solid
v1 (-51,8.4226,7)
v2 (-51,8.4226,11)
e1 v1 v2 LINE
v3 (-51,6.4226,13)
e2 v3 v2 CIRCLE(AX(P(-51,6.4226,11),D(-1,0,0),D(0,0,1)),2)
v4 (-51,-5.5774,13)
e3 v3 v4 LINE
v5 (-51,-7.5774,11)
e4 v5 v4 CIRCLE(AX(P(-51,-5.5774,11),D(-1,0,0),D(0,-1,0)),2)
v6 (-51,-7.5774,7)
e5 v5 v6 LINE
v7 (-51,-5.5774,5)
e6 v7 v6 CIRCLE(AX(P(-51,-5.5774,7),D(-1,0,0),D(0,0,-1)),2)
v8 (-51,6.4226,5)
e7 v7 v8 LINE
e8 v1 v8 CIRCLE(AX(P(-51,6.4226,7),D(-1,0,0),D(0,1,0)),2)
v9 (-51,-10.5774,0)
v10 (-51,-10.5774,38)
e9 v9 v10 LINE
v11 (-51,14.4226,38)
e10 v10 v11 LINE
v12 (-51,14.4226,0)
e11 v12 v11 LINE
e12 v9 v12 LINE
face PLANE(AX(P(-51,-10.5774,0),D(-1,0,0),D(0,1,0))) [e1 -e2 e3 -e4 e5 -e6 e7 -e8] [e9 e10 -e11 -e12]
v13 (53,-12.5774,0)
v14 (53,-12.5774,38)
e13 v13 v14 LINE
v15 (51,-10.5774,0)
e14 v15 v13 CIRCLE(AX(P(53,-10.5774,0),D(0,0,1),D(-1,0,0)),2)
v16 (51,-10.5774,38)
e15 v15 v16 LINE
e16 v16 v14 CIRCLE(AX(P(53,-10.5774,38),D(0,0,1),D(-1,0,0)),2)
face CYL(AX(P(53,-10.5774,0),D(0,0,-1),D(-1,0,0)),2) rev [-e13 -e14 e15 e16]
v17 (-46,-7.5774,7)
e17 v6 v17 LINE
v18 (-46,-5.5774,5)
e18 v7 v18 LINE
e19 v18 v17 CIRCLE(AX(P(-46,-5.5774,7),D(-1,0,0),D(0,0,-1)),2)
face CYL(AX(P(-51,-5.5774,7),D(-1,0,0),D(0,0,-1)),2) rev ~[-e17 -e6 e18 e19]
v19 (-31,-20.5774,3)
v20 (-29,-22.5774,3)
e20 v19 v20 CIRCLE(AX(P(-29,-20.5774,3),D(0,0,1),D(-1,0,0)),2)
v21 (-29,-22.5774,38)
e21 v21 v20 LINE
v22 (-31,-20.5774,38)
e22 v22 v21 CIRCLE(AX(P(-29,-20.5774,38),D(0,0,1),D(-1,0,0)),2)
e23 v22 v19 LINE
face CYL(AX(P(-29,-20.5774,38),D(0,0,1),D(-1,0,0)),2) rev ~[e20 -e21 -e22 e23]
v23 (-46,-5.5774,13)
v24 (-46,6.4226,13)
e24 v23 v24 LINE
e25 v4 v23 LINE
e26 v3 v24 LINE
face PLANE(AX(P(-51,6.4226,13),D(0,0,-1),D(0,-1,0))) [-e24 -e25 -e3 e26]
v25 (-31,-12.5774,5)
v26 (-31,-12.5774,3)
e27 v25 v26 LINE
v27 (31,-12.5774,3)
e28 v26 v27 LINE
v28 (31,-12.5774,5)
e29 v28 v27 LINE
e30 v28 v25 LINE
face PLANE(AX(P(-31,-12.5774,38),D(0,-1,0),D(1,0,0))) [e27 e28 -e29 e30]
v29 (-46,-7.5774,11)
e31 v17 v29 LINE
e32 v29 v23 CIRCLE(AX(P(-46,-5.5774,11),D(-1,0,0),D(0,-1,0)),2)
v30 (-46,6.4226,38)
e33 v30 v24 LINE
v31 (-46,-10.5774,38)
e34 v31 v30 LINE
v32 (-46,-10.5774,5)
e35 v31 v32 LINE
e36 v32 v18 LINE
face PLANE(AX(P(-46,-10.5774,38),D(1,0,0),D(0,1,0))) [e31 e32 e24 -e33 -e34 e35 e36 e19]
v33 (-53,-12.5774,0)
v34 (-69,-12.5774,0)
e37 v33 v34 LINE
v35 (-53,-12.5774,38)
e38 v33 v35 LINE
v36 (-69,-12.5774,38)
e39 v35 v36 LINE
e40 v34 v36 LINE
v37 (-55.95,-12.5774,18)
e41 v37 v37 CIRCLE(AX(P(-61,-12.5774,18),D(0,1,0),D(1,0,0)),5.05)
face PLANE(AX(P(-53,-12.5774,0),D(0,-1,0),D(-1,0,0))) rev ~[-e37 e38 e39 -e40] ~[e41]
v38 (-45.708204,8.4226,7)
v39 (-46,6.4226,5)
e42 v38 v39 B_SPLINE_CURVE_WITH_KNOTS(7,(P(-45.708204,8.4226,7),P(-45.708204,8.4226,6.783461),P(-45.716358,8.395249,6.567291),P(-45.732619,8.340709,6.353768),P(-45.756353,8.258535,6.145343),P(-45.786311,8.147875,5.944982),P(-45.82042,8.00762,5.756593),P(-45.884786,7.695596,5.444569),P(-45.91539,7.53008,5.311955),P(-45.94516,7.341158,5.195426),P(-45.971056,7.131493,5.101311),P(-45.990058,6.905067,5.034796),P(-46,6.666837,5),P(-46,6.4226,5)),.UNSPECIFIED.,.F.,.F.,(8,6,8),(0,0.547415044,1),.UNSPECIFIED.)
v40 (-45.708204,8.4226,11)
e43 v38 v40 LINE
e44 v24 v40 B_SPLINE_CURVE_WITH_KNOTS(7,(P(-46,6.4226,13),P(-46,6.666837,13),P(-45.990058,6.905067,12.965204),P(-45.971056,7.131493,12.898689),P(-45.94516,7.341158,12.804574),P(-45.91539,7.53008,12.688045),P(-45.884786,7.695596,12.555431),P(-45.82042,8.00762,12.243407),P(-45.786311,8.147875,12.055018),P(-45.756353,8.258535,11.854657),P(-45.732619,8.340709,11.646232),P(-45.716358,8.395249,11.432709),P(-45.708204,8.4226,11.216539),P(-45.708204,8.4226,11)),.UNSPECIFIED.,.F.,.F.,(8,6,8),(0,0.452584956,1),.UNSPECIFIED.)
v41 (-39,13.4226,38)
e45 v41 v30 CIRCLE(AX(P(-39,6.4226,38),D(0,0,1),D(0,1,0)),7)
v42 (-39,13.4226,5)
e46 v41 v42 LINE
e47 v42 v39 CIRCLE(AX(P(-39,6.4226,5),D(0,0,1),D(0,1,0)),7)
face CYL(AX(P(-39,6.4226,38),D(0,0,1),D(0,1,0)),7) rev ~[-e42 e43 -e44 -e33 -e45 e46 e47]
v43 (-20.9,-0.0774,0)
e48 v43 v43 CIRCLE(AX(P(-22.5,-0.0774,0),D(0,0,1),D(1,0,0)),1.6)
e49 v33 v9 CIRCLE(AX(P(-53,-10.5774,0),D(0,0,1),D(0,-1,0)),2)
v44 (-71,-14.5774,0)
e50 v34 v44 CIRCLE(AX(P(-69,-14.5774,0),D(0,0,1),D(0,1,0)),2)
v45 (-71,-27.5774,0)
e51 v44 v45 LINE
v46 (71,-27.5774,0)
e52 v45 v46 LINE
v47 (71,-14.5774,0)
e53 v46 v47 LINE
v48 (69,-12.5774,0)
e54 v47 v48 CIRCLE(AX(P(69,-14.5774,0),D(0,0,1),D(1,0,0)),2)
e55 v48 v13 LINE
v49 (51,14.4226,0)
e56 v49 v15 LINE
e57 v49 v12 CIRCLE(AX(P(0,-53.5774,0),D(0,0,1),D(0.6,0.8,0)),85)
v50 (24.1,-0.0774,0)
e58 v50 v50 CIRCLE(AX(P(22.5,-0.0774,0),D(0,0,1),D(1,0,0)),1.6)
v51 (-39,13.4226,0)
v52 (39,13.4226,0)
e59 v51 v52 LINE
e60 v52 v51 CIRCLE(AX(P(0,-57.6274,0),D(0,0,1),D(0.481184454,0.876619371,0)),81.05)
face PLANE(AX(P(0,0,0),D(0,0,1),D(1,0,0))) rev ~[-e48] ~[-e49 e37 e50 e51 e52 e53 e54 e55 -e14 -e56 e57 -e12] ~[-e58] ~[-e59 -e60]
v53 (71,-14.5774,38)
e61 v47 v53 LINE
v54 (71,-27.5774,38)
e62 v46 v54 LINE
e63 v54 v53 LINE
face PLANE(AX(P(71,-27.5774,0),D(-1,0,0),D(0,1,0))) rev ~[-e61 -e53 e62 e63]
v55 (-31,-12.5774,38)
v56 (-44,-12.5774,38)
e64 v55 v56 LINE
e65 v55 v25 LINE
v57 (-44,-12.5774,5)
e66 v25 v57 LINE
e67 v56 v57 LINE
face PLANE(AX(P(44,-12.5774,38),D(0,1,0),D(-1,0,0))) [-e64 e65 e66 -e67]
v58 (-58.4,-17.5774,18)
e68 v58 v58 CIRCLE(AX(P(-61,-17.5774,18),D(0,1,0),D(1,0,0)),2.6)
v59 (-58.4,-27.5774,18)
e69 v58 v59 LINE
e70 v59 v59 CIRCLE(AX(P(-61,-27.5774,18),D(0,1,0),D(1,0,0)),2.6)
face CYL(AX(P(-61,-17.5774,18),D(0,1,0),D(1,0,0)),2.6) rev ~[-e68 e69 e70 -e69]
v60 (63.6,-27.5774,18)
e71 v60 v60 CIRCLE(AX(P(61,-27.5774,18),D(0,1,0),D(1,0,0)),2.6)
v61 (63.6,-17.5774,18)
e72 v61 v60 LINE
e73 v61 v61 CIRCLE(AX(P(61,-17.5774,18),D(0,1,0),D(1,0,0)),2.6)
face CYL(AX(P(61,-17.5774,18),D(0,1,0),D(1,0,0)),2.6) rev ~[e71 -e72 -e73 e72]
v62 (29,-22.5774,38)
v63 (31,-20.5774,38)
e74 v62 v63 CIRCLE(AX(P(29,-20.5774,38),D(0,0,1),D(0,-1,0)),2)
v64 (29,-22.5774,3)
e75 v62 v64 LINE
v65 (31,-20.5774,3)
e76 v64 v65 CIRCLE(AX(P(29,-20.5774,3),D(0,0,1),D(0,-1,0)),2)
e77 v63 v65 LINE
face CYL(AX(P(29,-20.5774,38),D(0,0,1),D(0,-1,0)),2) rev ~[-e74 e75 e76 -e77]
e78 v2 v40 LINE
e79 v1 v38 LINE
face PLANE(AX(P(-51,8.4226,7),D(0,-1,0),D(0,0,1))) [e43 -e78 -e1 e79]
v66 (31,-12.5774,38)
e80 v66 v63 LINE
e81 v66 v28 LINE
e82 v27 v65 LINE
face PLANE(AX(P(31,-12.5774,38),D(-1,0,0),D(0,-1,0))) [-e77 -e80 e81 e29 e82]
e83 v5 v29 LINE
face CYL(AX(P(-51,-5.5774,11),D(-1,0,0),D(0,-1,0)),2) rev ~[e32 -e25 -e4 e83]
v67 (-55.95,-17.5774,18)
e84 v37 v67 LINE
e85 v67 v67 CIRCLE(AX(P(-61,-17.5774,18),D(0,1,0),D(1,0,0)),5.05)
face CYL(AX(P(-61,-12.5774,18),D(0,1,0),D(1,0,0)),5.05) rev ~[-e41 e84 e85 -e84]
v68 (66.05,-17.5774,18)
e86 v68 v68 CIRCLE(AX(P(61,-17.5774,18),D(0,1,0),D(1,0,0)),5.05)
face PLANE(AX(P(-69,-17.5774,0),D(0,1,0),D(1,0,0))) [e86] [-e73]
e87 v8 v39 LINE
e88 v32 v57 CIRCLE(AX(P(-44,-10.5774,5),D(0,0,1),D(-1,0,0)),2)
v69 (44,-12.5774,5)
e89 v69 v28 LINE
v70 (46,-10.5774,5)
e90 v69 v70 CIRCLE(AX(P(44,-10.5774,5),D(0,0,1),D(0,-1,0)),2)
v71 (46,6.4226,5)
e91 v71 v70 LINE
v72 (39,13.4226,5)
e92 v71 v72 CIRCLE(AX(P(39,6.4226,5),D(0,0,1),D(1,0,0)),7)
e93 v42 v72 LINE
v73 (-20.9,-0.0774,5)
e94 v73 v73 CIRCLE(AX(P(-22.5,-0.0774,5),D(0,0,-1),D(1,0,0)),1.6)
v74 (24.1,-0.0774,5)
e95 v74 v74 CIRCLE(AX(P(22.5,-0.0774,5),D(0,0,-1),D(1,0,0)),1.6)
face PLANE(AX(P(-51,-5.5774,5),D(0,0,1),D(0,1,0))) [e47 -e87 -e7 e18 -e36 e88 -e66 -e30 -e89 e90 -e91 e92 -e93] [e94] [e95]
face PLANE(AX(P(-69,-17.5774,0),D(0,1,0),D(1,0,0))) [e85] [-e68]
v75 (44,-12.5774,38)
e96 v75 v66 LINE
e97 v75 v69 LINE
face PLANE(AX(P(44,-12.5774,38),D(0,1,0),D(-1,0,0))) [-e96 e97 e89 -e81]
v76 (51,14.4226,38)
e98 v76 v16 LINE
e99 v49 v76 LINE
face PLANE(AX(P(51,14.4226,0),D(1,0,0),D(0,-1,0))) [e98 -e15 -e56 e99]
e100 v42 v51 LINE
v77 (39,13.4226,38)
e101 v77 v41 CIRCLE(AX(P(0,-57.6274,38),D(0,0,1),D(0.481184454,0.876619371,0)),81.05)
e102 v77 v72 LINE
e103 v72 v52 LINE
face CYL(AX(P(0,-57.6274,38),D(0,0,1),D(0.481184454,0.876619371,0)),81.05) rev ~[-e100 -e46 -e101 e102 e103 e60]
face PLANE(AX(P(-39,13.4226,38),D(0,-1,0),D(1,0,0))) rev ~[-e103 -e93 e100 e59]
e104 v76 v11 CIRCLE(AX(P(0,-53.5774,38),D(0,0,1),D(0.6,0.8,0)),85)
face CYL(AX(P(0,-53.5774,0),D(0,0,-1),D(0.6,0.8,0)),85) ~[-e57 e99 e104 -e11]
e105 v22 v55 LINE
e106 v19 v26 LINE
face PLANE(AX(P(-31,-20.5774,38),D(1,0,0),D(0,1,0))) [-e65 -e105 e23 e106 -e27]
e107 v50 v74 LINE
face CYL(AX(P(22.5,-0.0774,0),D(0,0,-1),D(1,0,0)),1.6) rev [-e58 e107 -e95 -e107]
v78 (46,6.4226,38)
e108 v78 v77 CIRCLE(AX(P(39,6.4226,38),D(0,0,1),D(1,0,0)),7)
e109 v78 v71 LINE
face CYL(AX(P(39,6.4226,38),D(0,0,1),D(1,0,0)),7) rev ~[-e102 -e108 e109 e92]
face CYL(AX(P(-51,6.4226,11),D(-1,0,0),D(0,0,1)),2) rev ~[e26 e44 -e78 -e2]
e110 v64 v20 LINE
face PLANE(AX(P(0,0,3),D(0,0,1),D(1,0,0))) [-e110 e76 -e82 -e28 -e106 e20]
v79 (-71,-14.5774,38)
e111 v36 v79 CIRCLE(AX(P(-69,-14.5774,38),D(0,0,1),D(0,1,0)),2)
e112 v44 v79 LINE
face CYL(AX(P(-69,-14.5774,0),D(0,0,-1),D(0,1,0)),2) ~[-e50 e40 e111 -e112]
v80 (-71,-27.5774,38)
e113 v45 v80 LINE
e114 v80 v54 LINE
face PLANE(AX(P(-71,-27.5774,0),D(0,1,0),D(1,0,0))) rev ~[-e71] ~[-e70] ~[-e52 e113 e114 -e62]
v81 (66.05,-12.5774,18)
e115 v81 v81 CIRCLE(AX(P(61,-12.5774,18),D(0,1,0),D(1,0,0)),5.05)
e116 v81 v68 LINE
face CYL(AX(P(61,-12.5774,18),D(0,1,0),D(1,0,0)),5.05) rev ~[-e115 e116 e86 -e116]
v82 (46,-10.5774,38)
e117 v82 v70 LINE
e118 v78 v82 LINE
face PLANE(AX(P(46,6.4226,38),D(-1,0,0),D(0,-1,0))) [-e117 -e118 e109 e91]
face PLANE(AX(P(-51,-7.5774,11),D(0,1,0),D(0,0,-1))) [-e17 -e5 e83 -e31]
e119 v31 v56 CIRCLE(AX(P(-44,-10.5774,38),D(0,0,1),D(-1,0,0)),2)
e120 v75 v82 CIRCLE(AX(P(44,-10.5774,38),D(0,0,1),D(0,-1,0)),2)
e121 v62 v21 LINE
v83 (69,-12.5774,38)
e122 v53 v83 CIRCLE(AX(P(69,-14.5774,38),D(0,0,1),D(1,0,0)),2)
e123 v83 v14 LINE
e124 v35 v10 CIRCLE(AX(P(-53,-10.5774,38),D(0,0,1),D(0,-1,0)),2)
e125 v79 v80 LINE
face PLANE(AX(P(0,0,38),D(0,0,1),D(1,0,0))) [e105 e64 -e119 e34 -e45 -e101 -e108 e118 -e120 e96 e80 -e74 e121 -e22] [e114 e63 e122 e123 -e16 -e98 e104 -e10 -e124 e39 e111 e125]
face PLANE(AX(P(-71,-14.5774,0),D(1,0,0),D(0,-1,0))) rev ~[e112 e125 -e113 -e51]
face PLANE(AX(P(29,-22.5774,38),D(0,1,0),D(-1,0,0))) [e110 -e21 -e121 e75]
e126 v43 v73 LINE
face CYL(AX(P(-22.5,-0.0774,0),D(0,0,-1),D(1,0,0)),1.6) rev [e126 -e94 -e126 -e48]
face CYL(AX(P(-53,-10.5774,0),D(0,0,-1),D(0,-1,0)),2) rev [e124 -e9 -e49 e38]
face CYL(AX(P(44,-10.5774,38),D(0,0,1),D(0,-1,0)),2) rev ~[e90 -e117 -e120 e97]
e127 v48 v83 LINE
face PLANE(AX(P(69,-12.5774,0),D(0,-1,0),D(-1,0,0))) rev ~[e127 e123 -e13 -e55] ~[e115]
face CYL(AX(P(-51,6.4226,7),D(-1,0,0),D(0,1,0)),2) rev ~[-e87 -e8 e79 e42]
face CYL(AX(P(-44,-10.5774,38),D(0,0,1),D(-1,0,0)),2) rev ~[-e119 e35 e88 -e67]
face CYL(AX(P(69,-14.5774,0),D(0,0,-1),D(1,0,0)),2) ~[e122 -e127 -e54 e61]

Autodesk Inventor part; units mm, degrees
ref_plane "YZ Plane" through (0, 0, 0) normal (1, 0, 0) x (0, 1, 0)
ref_plane "XZ Plane" through (0, 0, 0) normal (0, 1, 0) x (-1, 0, 0)
ref_plane "XY Plane" through (0, 0, 0) normal (0, 0, 1) x (1, 0, 0)
sketch "スケッチ1" plane through (0, 0, 0) normal (0, 0, 1) x (1, 0, 0)
  line L0 (51, 14.4226) -> (51, -10.5774)
  line L1 (-51, -10.5774) -> (-51, 14.4226)
  circle A0 centre (-22.5, -0.0774) radius 1.6
  circle A1 centre (22.5, -0.0774) radius 1.6
  line L2 (-71, -27.5774) -> (71, -27.5774)
  line L3 (71, -27.5774) -> (71, -14.5774)
  line L4 (-53, -12.5774) -> (-69, -12.5774)
  line L5 (-71, -14.5774) -> (-71, -27.5774)
  arc A2 (-53, -12.5774) -> (-51, -10.5774) centre (-53, -10.5774) ccw
  line L6 (69, -12.5774) -> (53, -12.5774)
  arc A3 (51, -10.5774) -> (53, -12.5774) centre (53, -10.5774) ccw
  line L7 (-51, 14.4226) -> (51, 14.4226)
  arc A4 (-69, -12.5774) -> (-71, -14.5774) centre (-69, -14.5774) ccw
  arc A5 (71, -14.5774) -> (69, -12.5774) centre (69, -14.5774) ccw
  arc A6 (51, 14.4226) -> (-51, 14.4226) centre (0, -53.5774) ccw
  point P0 (0, 0)
  point P1 (0, -100)
  point P2 (71, -12.5774)
  point P3 (-71, -12.5774)
  point P4 (0, 31.4226)
  dimension "d5" = 51
  dimension "d8" = 3.2
  dimension "d10" = 3.2
  dimension "d28" = 45
  dimension "d31" = 28.5
  dimension "d35" = 142
  dimension "d36" = 15
  dimension "d38" = 2
  dimension "d39" = 2
  dimension "d42" = 20
  dimension "d47" = 100
  dimension "d48" = 51
  dimension "d55" = 102
  dimension "d56" = 42
  dimension "d57" = 2
  dimension "d58" = 2
  dimension "d73" = 27.5
  dimension "d75" = 27.5
  dimension "d76" = 17
  dimension "d86" = 20
extrude "押し出し1" add sketch "スケッチ1" along normal blind 38
sketch "スケッチ2" plane through (0, 0, 38) normal (0, 0, 1) x (1, 0, 0)
  line L0 (-39, 13.4226) -> (39, 13.4226)
  line L1 (46, 6.4226) -> (46, -10.5774)
  line L2 (44, -12.5774) -> (-44, -12.5774)
  line L3 (-46, -10.5774) -> (-46, 6.4226)
  arc A0 (-39, 13.4226) -> (-46, 6.4226) centre (-39, 6.4226) ccw
  arc A1 (46, 6.4226) -> (39, 13.4226) centre (39, 6.4226) ccw
  arc A2 (-46, -10.5774) -> (-44, -12.5774) centre (-44, -10.5774) ccw
  arc A3 (44, -12.5774) -> (46, -10.5774) centre (44, -10.5774) ccw
  circle A4 centre (22.5, -0.0774) radius 1.6 projected
  point P0 (0, 0)
  point P1 (-46, 13.4226)
  point P2 (46, -12.5774)
  point P3 (46, 13.4226)
  point P4 (-46, -12.5774)
  dimension "d17" = 92
  dimension "d18" = 26
  dimension "d19" = 46
  dimension "d23" = 7
  dimension "d24" = 7
  dimension "d25" = 2
  dimension "d26" = 2
  dimension "d50" = 12.5
extrude "押し出し2" cut sketch "スケッチ2" against normal blind 33 contours L0 A1 L1 A3 L2 A2 L3 A0 | A4
sketch "スケッチ3" plane through (0, 0, 38) normal (0, 0, 1) x (1, 0, 0)
  line L0 (-39, 13.4226) -> (39, 13.4226) projected
  arc A0 (39, 13.4226) -> (-39, 13.4226) centre (0, -57.6274) ccw
  line L1 (-46, -10.5774) -> (-46, 6.4226) projected
  line L2 (44, -12.5774) -> (-44, -12.5774) projected
  line L3 (-39, 13.4226) -> (39, 13.4226)
  point P0 (0, 0)
  point P1 (0, 23.4226)
  dimension "d59" = 10
extrude "押し出し3" cut sketch "スケッチ3" against normal blind 40
sketch "スケッチ4" plane through (0, 0, 38) normal (0, 0, 1) x (1, 0, 0)
  line L0 (-31, -12.5774) -> (31, -12.5774)
  line L1 (31, -12.5774) -> (31, -20.5774)
  line L2 (29, -22.5774) -> (-29, -22.5774)
  line L3 (-31, -20.5774) -> (-31, -12.5774)
  line L4 (-46, -10.5774) -> (-46, 6.4226) projected
  line L5 (44, -12.5774) -> (-44, -12.5774) projected
  arc A0 (-31, -20.5774) -> (-29, -22.5774) centre (-29, -20.5774) ccw
  arc A1 (29, -22.5774) -> (31, -20.5774) centre (29, -20.5774) ccw
  point P0 (0, 0)
  point P1 (31, -22.5774)
  point P2 (-31, -22.5774)
  dimension "d66" = 62
  dimension "d67" = 10
  dimension "d68" = 15
  dimension "d69" = 10
  dimension "d72" = 2
extrude "押し出し4" cut sketch "スケッチ4" against normal blind 35
sketch "スケッチ5" plane through (-69, -12.5774, 0) normal (0, 1, 0) x (1, 0, 0)
  circle A0 centre (8, -18) radius 5.05
  line L0 (69, 0) -> (69, -40)
  circle A1 centre (130, -18) radius 5.05
  line L1 (18, 0) -> (18, -38) projected
  line L2 (16, -38) -> (0, -38) projected
  point P0 (-2, -38)
  dimension "d77" = 10.1
  dimension "d84" = 10
  dimension "d85" = 20
extrude "押し出し5" cut sketch "スケッチ5" against normal blind 5
sketch "スケッチ6" plane through (-61, -17.5774, 18) normal (0, 1, 0) x (1, 0, 0)
  line L0 (61, 18) -> (61, -20)
  line L1 (90, -20) -> (32, -20) projected
  circle A0 centre (0, 0) radius 2.6
  circle A1 centre (122, 0) radius 2.6
  line L2 (10, 18) -> (10, -20) projected
  line L3 (8, -20) -> (-8, -20) projected
  dimension "d81" = 5.2
  dimension "d87" = 10
  dimension "d88" = 20
extrude "押し出し6" cut sketch "スケッチ6" against normal blind 10
sketch "スケッチ7" plane through (-51, -10.5774, 0) normal (-1, 0, 0) x (0, 0, 1)
  line L0 (7, 19) -> (11, 19)
  line L1 (13, 17) -> (13, 5)
  line L2 (11, 3) -> (7, 3)
  line L3 (5, 5) -> (5, 17)
  arc A0 (7, 19) -> (5, 17) centre (7, 17) ccw
  arc A1 (5, 5) -> (7, 3) centre (7, 5) ccw
  arc A2 (11, 3) -> (13, 5) centre (11, 5) ccw
  arc A3 (13, 17) -> (11, 19) centre (11, 17) ccw
  line L4 (0, 25) -> (0, 0) projected
  point P0 (0, 10.5774)
  point P1 (13, 3)
  point P2 (13, 19)
  point P3 (5, 3)
  point P4 (38, -2)
  dimension "d89" = 8
  dimension "d90" = 16
  dimension "d91" = 2
  dimension "d94" = 5
  dimension "d95" = 5
extrude "押し出し7" cut sketch "スケッチ7" against normal blind 8
properties part number "jig"
